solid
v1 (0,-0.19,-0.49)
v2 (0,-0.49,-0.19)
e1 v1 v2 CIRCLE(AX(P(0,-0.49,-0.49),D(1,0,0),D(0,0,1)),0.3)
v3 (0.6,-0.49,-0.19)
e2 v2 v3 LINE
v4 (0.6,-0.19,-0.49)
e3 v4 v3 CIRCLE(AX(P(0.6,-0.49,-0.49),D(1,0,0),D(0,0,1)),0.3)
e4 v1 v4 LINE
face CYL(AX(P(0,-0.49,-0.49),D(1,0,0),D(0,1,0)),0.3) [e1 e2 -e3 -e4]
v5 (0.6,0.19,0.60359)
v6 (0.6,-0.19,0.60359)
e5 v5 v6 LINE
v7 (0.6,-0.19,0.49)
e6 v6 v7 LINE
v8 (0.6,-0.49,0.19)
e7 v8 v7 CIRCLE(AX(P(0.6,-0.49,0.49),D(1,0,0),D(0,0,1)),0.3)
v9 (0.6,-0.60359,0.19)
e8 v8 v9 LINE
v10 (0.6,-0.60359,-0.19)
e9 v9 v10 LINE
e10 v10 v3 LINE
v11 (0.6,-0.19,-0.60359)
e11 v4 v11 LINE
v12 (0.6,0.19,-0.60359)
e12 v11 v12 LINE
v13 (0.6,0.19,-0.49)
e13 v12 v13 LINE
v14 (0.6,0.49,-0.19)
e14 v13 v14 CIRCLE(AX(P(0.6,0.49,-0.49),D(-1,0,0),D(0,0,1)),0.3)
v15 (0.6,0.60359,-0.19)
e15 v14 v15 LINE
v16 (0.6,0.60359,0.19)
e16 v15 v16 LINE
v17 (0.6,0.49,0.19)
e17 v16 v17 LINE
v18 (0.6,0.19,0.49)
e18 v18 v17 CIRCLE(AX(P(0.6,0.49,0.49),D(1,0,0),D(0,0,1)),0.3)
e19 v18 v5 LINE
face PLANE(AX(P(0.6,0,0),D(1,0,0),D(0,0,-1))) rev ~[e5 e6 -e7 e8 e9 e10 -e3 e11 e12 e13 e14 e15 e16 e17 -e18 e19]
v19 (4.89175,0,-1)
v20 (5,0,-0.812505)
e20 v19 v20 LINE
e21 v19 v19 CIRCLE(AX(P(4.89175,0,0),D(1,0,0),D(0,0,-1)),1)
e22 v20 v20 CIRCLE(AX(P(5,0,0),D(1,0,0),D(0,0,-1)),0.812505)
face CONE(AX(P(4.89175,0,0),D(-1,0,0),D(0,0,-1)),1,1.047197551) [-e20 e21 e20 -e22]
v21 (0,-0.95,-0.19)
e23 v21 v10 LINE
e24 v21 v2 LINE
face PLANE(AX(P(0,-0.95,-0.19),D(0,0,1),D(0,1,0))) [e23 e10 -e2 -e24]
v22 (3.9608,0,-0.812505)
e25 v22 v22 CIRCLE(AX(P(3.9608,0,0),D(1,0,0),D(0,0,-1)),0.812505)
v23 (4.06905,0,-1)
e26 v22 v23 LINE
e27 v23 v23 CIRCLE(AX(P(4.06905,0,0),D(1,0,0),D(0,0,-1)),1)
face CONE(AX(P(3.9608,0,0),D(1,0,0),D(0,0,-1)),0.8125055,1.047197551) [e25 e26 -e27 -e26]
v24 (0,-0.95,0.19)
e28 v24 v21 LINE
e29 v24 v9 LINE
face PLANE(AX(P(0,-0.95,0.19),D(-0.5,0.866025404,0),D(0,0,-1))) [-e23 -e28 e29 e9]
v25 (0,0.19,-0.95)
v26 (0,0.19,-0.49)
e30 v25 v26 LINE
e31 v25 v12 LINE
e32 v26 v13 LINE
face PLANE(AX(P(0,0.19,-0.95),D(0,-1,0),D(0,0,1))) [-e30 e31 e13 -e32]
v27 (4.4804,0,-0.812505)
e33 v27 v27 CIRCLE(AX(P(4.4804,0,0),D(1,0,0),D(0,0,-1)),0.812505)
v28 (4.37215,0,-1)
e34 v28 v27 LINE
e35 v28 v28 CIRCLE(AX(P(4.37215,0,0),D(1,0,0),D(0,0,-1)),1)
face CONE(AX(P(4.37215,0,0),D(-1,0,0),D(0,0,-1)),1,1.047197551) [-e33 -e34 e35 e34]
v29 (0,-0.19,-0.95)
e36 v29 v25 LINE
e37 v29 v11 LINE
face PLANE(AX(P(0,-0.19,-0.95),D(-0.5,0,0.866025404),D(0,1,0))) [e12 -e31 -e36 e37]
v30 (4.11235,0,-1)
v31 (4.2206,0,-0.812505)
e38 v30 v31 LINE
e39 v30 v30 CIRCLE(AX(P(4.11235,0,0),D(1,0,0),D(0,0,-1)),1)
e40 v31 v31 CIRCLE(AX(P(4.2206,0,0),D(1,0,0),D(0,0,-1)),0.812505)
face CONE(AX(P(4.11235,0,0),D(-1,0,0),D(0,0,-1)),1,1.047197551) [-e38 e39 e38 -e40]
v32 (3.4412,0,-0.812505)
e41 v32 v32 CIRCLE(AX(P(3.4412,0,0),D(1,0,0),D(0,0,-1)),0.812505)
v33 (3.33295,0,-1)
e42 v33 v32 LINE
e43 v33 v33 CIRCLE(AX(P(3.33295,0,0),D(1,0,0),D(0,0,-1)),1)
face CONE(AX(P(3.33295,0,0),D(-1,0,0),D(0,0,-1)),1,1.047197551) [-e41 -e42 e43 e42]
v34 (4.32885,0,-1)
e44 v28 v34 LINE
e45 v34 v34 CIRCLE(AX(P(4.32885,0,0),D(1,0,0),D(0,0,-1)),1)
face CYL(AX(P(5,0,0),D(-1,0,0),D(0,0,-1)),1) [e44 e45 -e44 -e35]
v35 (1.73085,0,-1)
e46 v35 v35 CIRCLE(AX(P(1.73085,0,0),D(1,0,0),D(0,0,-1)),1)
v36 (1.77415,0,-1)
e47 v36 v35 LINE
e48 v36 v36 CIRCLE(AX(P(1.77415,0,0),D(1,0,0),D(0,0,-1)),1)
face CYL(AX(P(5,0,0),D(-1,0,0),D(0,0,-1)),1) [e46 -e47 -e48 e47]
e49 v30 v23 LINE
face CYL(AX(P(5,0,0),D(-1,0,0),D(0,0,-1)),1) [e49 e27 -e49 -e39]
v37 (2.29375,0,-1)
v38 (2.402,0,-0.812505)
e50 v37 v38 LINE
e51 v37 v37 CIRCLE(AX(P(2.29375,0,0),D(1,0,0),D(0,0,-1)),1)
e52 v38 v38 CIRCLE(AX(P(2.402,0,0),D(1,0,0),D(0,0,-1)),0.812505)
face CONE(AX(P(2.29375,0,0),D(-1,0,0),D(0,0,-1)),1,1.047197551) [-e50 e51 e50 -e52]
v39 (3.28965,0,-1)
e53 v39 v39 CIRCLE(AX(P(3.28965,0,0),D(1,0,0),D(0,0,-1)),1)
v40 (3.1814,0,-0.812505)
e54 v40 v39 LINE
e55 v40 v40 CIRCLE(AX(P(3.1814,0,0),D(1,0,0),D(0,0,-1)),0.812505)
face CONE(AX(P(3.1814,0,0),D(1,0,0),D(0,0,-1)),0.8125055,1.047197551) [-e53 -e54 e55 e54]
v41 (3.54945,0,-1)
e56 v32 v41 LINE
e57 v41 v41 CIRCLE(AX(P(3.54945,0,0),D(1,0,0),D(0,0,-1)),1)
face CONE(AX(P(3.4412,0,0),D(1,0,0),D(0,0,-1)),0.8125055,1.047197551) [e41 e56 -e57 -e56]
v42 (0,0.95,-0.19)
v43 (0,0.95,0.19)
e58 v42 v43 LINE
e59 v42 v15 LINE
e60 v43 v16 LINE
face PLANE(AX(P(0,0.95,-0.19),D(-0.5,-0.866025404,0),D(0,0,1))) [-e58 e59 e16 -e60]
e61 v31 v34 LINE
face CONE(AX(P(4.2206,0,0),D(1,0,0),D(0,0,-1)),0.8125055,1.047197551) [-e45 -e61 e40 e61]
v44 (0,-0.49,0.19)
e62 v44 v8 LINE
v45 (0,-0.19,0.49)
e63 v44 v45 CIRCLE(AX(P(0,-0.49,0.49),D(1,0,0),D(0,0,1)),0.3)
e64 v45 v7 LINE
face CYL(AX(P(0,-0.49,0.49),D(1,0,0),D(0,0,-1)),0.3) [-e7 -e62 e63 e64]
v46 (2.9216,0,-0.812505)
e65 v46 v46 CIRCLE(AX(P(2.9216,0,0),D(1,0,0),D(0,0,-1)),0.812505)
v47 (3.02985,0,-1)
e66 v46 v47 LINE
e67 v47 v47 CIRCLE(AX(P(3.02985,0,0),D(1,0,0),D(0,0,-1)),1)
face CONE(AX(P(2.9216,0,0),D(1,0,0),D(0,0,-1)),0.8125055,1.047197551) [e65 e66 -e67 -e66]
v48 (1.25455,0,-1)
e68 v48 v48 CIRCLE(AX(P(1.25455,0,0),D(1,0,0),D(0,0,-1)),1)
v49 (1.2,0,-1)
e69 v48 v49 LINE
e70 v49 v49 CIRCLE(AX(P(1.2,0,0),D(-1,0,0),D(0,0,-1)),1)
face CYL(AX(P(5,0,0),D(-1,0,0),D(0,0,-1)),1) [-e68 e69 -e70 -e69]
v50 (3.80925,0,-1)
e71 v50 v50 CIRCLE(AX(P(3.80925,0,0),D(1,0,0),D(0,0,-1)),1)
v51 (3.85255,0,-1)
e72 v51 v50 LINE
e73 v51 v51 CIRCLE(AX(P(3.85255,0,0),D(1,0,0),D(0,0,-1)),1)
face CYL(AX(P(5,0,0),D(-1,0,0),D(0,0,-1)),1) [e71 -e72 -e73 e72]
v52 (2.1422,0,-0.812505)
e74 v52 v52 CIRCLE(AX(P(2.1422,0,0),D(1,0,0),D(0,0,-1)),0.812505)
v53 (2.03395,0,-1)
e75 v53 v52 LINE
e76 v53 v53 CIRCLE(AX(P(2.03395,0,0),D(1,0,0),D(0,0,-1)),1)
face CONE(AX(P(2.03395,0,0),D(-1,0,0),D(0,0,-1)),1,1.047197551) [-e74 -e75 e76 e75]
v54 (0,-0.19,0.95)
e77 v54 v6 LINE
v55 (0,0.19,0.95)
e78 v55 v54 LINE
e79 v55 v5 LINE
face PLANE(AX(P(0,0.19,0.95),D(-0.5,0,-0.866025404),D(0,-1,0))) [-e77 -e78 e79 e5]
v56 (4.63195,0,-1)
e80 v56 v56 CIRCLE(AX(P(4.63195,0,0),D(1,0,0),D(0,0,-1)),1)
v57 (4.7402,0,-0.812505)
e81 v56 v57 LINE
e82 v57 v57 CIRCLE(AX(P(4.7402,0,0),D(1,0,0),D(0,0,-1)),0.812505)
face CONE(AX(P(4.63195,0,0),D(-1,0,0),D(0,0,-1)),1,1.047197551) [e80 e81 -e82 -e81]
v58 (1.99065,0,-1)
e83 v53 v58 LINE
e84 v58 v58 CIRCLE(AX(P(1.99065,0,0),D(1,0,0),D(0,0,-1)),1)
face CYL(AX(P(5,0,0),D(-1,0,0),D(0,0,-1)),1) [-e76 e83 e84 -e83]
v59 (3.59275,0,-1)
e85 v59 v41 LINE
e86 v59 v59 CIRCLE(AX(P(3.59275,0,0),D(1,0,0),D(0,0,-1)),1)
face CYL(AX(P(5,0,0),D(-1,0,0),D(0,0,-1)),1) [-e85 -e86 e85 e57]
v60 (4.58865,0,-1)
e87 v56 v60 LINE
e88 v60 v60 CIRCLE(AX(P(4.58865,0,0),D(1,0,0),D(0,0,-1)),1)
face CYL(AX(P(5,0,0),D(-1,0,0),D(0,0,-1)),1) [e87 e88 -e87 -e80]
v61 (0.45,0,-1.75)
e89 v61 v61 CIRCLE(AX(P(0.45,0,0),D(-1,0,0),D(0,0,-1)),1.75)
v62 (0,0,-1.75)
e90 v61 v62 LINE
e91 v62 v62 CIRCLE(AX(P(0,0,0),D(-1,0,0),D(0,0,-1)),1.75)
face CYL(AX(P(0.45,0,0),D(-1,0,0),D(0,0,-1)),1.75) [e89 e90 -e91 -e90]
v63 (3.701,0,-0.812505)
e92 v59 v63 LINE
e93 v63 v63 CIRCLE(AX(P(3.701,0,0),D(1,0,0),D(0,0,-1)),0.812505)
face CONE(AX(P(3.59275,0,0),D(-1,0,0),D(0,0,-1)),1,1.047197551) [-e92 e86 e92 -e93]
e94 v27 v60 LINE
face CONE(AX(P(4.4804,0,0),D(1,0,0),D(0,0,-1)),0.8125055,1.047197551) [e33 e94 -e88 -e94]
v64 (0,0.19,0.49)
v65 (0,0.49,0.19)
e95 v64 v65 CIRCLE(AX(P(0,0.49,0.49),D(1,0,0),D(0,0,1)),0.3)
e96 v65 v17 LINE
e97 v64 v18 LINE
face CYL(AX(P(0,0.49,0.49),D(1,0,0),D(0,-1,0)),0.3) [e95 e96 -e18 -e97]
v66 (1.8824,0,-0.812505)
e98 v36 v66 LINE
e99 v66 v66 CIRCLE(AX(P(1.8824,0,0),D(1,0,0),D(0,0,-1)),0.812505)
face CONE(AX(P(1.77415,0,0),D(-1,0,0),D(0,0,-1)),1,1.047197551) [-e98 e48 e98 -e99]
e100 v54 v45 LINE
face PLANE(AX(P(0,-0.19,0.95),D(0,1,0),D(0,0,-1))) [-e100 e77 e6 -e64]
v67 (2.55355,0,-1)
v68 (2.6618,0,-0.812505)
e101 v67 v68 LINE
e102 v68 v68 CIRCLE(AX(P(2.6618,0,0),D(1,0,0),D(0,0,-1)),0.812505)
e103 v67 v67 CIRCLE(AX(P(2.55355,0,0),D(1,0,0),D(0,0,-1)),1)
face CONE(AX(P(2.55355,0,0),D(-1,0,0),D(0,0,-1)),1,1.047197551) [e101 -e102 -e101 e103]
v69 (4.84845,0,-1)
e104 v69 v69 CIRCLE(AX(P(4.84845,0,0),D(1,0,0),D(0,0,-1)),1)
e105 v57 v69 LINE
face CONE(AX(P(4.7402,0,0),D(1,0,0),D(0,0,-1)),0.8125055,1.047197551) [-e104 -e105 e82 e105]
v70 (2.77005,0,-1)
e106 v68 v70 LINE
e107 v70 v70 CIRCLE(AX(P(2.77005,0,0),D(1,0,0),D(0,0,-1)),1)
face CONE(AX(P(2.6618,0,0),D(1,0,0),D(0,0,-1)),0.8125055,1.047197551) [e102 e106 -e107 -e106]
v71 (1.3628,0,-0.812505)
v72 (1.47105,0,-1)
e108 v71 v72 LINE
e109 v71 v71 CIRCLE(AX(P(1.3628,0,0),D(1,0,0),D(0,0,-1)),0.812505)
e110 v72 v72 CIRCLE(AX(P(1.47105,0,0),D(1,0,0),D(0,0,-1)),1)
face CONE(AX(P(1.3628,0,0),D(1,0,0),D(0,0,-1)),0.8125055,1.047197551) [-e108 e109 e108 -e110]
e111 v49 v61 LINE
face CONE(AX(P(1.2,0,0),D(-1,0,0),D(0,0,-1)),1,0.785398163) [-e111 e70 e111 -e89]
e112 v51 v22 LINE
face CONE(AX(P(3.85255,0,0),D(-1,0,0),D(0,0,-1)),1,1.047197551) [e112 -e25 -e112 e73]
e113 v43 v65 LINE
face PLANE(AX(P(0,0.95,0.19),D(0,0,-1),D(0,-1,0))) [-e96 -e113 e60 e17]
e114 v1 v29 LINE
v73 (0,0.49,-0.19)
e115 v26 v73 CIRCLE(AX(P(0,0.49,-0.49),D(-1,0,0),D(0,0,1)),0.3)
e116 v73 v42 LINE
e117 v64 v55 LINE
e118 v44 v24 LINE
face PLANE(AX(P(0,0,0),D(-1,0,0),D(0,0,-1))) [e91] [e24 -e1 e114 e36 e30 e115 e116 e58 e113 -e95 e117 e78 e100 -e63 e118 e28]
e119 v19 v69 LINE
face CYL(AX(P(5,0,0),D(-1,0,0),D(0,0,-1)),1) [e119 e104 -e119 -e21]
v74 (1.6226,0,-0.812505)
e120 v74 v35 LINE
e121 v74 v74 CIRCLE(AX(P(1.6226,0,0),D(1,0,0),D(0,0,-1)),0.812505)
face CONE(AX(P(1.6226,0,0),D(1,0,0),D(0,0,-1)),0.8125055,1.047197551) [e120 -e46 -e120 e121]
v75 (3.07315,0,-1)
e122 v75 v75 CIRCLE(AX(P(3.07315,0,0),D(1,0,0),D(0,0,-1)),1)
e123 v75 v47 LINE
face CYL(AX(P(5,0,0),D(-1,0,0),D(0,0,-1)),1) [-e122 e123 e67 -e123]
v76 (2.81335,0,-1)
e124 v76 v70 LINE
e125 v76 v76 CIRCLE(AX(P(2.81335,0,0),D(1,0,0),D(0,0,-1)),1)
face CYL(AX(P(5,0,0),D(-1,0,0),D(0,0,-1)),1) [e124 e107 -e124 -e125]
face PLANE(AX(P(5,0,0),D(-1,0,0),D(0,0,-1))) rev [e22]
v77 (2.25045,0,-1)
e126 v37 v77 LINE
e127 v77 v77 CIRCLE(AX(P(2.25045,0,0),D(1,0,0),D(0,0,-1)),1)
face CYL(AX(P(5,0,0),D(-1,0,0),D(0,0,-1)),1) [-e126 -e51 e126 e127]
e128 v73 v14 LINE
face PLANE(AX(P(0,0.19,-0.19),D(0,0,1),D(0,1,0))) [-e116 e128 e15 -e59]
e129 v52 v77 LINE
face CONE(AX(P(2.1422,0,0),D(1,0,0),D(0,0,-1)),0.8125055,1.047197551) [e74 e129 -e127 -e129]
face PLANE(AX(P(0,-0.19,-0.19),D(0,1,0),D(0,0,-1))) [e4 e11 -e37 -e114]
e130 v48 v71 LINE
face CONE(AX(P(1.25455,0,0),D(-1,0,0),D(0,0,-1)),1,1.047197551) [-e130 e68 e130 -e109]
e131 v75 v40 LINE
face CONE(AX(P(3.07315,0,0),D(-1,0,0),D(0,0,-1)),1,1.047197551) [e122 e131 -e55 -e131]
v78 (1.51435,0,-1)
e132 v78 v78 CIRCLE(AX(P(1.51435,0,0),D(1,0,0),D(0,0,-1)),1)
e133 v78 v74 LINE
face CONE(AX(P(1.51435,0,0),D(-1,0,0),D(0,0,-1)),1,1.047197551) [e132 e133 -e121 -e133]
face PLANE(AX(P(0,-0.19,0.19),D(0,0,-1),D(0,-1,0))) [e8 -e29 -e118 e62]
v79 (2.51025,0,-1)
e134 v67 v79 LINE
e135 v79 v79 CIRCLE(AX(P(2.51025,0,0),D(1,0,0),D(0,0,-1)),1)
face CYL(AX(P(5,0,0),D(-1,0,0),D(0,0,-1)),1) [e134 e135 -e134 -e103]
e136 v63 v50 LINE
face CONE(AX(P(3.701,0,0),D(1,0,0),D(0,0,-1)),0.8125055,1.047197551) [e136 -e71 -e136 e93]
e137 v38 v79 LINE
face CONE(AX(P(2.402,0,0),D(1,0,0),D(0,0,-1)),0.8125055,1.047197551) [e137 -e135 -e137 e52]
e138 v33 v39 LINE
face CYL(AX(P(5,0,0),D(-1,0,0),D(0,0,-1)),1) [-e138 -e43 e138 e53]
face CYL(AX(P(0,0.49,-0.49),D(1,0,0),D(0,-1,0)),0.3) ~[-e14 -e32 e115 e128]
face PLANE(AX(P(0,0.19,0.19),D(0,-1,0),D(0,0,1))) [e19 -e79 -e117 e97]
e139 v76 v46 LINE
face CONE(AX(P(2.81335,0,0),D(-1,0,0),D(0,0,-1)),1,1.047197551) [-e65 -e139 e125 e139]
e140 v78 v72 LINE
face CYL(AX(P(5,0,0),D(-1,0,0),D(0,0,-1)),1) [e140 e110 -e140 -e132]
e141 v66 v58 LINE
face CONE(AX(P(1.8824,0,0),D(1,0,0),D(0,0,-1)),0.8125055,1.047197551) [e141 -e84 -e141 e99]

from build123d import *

# Parameters (mm, degrees)
CROSSRECESS_DEPTH = 0.6
DRAFT9_ANGLE      = 30
FILLET5_R         = 0.3
LPATTERN10_COUNT  = 15
LPATTERN10_PITCH  = 0.2598


with BuildPart() as part:
    # Sketch1 → Base (revolve)
    with BuildSketch(Plane.XY, mode=Mode.PRIVATE) as base_sk:
        Polygon((5, 1), (2, 1), (1.2, 1), (0.45, 1.75), (0, 1.75), (0, 0), (5, 0), align=None)
    revolve(base_sk.sketch.rotate(Axis((4.515812911, 0, 0), (-1, 0, 0)), 90), axis=Axis((4.515812911, 0, 0), (-1, 0, 0)))

    # Sketch6 → CrossRecess (cut)
    with BuildSketch(Plane(origin=(0, 0, 0), x_dir=(0, 0, -1), z_dir=(1, 0, 0))):
        Polygon((0.19, 0.19), (0.19, 0.95), (-0.19, 0.95), (-0.19, 0.19), (-0.95, 0.19), (-0.95, -0.19), (-0.19, -0.19), (-0.19, -0.95), (0.19, -0.95), (0.19, -0.19), (0.95, -0.19), (0.95, 0.19), align=None)
    extrude(amount=CROSSRECESS_DEPTH, mode=Mode.SUBTRACT)

    # Draft9
    draft9_faces = [part.faces().sort_by_distance(p)[0] for p in [
        (0.3, 0.95, 0),
        (0.3, 0, 0.95),
        (0.3, -0.95, 0),
        (0.3, 0, -0.95),
    ]]
    draft(draft9_faces, Plane(origin=(0, 1.75, 0), x_dir=(0, 0, -1), z_dir=(-1, 0, 0)), DRAFT9_ANGLE)

    # Fillet5
    fillet5_edges = [part.edges().sort_by_distance(p)[0] for p in [
        (0.3, 0.19, 0.19),
        (0.3, -0.19, 0.19),
        (0.3, -0.19, -0.19),
        (0.3, 0.19, -0.19),
    ]]
    fillet(fillet5_edges, radius=FILLET5_R)

    # Sketch9 → Cut-Revolve10 (revolve, cut)
    with BuildSketch(Plane.XY, mode=Mode.PRIVATE) as cut_revolve10_sk:
        Polygon((5, 0.8125055), (5.10825, 1), (5.10825, 1.2165), (4.89175, 1.2165), (4.89175, 1), align=None)
    cut_revolve10 = revolve(cut_revolve10_sk.sketch.rotate(Axis((0, 0, 0), (1, 0, 0)), 270), axis=Axis((0, 0, 0), (1, 0, 0)), mode=Mode.SUBTRACT)

    # LPattern10: Cut-Revolve10 ×15
    with Locations(*[(-i * LPATTERN10_PITCH, 0, 0) for i in range(1, LPATTERN10_COUNT)]):
        add(cut_revolve10, mode=Mode.SUBTRACT)


solid = part.part
